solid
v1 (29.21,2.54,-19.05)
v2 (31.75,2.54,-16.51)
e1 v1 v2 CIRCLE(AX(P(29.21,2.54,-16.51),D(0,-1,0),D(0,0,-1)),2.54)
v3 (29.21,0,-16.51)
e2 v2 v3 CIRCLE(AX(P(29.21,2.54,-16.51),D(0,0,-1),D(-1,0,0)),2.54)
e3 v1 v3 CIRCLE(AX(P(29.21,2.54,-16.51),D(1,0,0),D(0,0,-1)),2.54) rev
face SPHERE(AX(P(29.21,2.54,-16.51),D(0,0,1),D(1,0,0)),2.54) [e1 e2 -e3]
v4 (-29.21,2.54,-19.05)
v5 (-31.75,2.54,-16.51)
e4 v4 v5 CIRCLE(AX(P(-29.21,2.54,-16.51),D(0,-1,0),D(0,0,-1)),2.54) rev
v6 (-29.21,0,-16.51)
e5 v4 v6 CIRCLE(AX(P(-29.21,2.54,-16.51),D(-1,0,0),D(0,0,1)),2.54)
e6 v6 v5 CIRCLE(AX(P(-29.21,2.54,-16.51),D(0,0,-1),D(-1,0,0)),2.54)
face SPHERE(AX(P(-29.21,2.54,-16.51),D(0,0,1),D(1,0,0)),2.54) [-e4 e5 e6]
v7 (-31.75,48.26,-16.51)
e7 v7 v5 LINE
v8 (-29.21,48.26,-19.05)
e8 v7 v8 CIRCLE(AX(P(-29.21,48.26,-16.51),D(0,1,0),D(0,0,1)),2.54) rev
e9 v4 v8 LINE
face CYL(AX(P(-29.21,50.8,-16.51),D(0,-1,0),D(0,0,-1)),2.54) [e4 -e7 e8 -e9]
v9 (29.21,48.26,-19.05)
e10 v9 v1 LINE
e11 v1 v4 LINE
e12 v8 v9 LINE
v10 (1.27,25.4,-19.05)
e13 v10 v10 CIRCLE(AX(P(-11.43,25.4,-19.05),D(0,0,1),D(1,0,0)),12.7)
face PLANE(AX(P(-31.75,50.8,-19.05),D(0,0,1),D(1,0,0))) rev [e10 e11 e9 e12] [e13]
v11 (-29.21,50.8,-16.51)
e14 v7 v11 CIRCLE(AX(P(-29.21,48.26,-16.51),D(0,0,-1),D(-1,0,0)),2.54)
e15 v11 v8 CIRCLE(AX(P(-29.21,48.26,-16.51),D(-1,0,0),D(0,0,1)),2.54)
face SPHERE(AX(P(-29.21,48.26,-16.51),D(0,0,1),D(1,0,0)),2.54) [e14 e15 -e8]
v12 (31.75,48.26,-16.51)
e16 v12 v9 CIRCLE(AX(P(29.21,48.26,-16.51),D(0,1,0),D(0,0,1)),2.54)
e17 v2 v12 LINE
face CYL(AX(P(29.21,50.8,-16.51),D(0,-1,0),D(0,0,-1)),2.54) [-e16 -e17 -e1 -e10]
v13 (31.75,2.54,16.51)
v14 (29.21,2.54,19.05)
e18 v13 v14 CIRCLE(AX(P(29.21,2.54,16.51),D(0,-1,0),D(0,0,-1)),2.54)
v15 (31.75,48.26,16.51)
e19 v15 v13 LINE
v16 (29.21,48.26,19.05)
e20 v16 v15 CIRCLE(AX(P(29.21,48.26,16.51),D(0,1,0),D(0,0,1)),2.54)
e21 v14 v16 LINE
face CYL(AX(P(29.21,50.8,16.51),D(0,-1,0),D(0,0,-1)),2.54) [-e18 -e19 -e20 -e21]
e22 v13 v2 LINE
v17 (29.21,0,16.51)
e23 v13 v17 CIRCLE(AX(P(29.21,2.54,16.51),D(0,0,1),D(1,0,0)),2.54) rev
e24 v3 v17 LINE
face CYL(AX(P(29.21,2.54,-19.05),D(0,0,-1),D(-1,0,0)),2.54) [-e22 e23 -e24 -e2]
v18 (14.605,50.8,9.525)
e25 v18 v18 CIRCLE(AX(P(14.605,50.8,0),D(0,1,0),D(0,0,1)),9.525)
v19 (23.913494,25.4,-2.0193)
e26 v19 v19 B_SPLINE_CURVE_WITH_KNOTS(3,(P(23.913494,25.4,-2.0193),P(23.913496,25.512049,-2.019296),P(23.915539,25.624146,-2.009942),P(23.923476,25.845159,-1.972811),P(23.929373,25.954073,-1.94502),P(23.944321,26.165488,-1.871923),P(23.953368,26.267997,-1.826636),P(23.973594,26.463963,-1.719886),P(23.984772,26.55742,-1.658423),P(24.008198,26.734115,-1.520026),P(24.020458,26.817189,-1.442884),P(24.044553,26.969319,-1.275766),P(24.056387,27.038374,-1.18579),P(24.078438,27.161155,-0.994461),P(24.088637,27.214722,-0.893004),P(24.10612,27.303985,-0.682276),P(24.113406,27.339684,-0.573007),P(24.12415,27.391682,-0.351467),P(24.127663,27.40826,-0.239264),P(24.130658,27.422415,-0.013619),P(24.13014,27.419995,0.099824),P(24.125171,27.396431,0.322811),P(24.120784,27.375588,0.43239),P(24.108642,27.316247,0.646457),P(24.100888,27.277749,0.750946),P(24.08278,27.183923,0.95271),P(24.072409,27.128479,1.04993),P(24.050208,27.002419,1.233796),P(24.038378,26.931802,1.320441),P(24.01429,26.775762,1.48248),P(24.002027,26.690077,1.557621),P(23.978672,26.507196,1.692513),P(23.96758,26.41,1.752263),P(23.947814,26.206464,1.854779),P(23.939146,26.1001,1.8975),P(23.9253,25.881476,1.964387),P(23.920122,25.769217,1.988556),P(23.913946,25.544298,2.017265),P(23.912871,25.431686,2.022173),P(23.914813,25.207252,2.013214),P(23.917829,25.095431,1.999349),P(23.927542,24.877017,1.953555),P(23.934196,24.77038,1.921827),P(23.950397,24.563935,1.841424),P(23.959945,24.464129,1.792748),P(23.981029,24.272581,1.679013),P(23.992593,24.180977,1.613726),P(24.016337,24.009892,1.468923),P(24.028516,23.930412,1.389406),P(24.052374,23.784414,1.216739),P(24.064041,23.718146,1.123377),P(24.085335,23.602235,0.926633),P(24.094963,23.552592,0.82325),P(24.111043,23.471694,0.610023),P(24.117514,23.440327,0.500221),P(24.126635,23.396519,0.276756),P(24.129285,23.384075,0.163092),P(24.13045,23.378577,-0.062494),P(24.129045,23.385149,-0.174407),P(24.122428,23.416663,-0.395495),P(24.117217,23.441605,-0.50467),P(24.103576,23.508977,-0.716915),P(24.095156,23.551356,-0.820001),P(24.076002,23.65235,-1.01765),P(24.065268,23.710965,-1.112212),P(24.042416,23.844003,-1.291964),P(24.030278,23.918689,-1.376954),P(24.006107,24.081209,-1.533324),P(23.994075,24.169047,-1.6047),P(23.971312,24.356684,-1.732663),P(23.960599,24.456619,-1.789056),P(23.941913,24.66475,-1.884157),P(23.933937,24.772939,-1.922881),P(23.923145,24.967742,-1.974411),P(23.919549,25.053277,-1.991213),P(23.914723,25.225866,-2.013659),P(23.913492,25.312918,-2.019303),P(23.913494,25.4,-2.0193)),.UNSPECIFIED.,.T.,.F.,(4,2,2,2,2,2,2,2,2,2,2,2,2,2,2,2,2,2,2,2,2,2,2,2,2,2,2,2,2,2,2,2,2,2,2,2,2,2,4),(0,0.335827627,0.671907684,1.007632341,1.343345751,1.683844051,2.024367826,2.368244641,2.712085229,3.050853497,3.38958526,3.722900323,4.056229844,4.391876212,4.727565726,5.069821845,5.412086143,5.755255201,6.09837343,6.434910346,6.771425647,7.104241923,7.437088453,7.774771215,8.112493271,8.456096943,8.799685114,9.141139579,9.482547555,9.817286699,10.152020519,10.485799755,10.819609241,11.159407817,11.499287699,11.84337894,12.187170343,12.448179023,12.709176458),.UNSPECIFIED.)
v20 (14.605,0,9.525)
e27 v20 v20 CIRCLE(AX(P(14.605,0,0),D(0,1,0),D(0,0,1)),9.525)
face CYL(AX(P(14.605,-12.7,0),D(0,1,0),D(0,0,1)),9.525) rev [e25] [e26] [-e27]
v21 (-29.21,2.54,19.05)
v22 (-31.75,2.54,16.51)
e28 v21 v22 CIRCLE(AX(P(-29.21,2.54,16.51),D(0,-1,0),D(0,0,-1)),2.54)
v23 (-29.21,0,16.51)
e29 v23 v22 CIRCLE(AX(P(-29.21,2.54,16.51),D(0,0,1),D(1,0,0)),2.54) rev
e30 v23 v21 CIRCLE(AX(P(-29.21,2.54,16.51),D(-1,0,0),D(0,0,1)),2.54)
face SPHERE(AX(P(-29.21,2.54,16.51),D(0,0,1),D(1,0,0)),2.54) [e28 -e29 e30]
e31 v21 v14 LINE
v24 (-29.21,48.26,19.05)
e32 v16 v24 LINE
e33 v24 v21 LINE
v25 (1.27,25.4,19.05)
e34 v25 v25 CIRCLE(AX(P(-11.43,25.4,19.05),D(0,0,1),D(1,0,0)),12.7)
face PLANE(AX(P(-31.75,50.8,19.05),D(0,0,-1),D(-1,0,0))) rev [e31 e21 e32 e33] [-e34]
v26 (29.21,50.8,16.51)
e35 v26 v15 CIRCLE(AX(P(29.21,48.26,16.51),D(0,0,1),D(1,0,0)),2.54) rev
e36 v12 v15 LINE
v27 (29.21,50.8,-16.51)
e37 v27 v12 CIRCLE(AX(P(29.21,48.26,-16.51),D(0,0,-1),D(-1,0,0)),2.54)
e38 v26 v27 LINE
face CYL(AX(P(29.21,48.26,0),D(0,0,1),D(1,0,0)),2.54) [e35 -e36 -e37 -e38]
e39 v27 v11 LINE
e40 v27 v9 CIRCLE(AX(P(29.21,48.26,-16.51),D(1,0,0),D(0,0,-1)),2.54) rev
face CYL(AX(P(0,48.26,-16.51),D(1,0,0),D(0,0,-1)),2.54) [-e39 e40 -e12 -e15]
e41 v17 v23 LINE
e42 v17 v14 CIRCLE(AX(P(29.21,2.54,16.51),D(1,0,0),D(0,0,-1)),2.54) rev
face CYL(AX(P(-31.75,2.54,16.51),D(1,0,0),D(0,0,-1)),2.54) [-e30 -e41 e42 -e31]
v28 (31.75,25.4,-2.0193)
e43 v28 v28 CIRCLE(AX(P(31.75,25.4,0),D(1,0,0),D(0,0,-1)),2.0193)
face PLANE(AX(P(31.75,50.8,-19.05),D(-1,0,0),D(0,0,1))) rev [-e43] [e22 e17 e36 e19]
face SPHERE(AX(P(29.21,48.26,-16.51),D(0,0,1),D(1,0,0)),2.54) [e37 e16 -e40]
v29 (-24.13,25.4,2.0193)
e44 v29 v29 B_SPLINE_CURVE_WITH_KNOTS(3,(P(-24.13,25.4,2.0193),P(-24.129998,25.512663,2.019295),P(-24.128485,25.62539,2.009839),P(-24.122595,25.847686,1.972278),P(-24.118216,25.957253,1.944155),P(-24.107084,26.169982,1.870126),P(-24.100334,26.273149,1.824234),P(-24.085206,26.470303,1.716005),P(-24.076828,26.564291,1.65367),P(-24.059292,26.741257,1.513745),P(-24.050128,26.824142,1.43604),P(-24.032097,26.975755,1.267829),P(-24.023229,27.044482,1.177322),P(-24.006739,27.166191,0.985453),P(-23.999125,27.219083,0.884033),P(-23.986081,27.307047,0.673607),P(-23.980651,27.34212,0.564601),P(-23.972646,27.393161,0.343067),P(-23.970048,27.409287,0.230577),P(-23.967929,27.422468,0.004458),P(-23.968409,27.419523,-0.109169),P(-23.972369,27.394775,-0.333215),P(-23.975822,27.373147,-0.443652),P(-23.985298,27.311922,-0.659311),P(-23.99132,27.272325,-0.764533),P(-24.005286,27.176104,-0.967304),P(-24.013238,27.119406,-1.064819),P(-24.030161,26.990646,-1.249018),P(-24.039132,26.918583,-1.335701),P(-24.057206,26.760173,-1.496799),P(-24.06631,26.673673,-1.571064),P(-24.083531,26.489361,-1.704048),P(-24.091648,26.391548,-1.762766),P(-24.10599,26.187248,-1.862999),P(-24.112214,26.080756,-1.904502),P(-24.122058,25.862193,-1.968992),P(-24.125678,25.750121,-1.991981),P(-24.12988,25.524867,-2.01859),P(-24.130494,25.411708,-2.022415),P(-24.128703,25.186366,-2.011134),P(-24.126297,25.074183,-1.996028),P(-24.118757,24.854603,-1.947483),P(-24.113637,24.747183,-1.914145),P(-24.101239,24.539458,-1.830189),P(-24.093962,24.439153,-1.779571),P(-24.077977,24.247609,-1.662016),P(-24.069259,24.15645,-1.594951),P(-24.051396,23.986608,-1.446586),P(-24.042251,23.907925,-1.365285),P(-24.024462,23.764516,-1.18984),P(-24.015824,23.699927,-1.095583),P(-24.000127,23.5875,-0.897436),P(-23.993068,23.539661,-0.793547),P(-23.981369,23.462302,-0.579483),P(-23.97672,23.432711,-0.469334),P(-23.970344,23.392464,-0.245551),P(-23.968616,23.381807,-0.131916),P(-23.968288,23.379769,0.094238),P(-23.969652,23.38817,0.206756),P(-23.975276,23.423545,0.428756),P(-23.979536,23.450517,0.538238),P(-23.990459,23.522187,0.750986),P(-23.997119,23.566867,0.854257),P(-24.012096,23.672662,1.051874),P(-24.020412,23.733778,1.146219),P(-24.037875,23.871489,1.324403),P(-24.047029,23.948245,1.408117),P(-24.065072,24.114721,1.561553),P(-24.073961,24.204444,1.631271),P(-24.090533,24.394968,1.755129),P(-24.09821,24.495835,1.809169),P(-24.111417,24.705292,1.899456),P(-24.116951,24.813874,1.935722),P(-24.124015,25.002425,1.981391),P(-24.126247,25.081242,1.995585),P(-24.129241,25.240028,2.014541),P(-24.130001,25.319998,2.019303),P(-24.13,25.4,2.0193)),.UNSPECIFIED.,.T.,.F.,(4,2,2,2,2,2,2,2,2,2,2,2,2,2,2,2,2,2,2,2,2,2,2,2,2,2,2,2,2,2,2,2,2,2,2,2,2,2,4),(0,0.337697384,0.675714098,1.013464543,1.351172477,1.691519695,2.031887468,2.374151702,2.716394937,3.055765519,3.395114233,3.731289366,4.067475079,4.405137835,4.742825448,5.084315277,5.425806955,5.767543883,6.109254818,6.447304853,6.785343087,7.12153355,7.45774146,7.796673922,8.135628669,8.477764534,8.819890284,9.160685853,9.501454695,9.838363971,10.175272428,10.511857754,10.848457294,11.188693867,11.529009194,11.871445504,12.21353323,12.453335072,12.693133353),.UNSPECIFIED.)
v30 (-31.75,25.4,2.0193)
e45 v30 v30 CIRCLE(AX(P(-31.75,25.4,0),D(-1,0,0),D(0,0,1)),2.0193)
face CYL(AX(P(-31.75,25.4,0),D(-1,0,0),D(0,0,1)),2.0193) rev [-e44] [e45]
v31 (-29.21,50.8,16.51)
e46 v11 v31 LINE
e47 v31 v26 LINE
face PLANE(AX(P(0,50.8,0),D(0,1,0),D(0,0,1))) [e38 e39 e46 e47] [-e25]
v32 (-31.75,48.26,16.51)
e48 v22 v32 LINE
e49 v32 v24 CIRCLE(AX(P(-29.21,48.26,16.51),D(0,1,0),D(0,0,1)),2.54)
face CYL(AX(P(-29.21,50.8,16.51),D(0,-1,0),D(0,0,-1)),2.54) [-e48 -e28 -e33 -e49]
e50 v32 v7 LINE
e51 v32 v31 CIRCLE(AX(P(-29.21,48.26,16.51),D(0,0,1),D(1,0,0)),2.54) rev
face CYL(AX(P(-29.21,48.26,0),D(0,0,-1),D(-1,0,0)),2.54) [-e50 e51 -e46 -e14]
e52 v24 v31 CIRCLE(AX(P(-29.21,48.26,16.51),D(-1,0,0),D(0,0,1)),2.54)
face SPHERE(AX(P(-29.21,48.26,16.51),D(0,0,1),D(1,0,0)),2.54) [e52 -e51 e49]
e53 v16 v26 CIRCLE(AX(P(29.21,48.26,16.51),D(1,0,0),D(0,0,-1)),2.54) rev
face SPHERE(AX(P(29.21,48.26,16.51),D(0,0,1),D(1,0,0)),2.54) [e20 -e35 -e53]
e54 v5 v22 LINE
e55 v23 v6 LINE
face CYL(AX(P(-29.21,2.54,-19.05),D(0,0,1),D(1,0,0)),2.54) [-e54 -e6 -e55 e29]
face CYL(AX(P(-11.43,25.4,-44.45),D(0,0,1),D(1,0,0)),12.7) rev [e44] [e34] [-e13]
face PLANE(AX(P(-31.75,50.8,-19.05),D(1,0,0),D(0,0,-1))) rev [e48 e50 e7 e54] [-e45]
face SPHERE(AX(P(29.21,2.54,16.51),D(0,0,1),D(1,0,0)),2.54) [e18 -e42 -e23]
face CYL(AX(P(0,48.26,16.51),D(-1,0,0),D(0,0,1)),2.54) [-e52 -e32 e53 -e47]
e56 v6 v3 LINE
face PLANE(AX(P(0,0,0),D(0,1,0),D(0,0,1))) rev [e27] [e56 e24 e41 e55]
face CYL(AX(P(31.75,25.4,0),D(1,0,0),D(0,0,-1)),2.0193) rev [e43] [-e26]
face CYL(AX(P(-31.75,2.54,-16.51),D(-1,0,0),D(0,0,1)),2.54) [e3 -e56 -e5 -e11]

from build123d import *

# Parameters (mm, degrees)
CROQUIS1_W                   = 63.5
CROQUIS1_H                   = 38.1
SALIENTE_EXTRUIR1_DEPTH      = 50.8
CROQUIS2_R                   = 12.7
CORTAR_EXTRUIR1_DEPTH        = 63.5
CROQUIS3_R                   = 9.525
CORTAR_EXTRUIR2_DEPTH        = 63.5
REDONDEO1_R                  = 2.54
TALADRO_ROSCADO_10_322_D     = 4.0386
TALADRO_ROSCADO_10_322_DEPTH = 13.6144
TALADRO_ROSCADO_10_322_TIP   = 1.213317848
TALADRO_ROSCADO_10_321_D     = 4.0386
TALADRO_ROSCADO_10_321_DEPTH = 13.6144
TALADRO_ROSCADO_10_321_TIP   = 1.213317848


with BuildPart() as part:
    # Croquis1 → Saliente-Extruir1 (new body)
    with BuildSketch(Plane(origin=(0, 0, 0), x_dir=(1, 0, 0), z_dir=(0, 1, 0))):
        Rectangle(CROQUIS1_W, CROQUIS1_H)
    extrude(amount=SALIENTE_EXTRUIR1_DEPTH)

    # Croquis2 → Cortar-Extruir1 (cut)
    with BuildSketch(Plane.XY.offset(19.05)):
        with Locations((-11.43, 25.4)):
            Circle(CROQUIS2_R)
    extrude(amount=-CORTAR_EXTRUIR1_DEPTH, mode=Mode.SUBTRACT)

    # Croquis3 → Cortar-Extruir2 (cut)
    with BuildSketch(Plane(origin=(0, 50.8, 0), x_dir=(1, 0, 0), z_dir=(0, 1, 0))):
        with Locations(Location((14.605, 0, 0), (0, 0, 270))):
            Circle(CROQUIS3_R)
    extrude(amount=-CORTAR_EXTRUIR2_DEPTH, mode=Mode.SUBTRACT)

    # Redondeo1
    redondeo1_edges = [part.edges().sort_by_distance(p)[0] for p in [
        (-31.75, 50.8, 0),
        (0, 50.8, 19.05),
        (31.75, 50.8, 0),
        (0, 0, 19.05),
        (-31.75, 0, 0),
        (0, 0, -19.05),
        (31.75, 0, 0),
        (0, 50.8, -19.05),
        (31.75, 25.4, 19.05),
        (-31.75, 25.4, 19.05),
        (-31.75, 25.4, -19.05),
        (31.75, 25.4, -19.05),
    ]]
    fillet(redondeo1_edges, radius=REDONDEO1_R)

    # Taladro roscado #10-322
    with Locations(Plane(origin=(31.75, 0, 0), x_dir=(0, 0, -1), z_dir=(1, 0, 0))):
        with Locations((0, 25.4)):
            Hole(TALADRO_ROSCADO_10_322_D / 2, depth=TALADRO_ROSCADO_10_322_DEPTH)
            with Locations((0, 0, -(TALADRO_ROSCADO_10_322_DEPTH + TALADRO_ROSCADO_10_322_TIP / 2))):  # 118° drill point
                Cone(0, TALADRO_ROSCADO_10_322_D / 2, TALADRO_ROSCADO_10_322_TIP, mode=Mode.SUBTRACT)

    # Taladro roscado #10-321
    with Locations(Plane.ZY.offset(31.75)):
        with Locations((0, 25.4)):
            Hole(TALADRO_ROSCADO_10_321_D / 2, depth=TALADRO_ROSCADO_10_321_DEPTH)
            with Locations((0, 0, -(TALADRO_ROSCADO_10_321_DEPTH + TALADRO_ROSCADO_10_321_TIP / 2))):  # 118° drill point
                Cone(0, TALADRO_ROSCADO_10_321_D / 2, TALADRO_ROSCADO_10_321_TIP, mode=Mode.SUBTRACT)


solid = part.part
